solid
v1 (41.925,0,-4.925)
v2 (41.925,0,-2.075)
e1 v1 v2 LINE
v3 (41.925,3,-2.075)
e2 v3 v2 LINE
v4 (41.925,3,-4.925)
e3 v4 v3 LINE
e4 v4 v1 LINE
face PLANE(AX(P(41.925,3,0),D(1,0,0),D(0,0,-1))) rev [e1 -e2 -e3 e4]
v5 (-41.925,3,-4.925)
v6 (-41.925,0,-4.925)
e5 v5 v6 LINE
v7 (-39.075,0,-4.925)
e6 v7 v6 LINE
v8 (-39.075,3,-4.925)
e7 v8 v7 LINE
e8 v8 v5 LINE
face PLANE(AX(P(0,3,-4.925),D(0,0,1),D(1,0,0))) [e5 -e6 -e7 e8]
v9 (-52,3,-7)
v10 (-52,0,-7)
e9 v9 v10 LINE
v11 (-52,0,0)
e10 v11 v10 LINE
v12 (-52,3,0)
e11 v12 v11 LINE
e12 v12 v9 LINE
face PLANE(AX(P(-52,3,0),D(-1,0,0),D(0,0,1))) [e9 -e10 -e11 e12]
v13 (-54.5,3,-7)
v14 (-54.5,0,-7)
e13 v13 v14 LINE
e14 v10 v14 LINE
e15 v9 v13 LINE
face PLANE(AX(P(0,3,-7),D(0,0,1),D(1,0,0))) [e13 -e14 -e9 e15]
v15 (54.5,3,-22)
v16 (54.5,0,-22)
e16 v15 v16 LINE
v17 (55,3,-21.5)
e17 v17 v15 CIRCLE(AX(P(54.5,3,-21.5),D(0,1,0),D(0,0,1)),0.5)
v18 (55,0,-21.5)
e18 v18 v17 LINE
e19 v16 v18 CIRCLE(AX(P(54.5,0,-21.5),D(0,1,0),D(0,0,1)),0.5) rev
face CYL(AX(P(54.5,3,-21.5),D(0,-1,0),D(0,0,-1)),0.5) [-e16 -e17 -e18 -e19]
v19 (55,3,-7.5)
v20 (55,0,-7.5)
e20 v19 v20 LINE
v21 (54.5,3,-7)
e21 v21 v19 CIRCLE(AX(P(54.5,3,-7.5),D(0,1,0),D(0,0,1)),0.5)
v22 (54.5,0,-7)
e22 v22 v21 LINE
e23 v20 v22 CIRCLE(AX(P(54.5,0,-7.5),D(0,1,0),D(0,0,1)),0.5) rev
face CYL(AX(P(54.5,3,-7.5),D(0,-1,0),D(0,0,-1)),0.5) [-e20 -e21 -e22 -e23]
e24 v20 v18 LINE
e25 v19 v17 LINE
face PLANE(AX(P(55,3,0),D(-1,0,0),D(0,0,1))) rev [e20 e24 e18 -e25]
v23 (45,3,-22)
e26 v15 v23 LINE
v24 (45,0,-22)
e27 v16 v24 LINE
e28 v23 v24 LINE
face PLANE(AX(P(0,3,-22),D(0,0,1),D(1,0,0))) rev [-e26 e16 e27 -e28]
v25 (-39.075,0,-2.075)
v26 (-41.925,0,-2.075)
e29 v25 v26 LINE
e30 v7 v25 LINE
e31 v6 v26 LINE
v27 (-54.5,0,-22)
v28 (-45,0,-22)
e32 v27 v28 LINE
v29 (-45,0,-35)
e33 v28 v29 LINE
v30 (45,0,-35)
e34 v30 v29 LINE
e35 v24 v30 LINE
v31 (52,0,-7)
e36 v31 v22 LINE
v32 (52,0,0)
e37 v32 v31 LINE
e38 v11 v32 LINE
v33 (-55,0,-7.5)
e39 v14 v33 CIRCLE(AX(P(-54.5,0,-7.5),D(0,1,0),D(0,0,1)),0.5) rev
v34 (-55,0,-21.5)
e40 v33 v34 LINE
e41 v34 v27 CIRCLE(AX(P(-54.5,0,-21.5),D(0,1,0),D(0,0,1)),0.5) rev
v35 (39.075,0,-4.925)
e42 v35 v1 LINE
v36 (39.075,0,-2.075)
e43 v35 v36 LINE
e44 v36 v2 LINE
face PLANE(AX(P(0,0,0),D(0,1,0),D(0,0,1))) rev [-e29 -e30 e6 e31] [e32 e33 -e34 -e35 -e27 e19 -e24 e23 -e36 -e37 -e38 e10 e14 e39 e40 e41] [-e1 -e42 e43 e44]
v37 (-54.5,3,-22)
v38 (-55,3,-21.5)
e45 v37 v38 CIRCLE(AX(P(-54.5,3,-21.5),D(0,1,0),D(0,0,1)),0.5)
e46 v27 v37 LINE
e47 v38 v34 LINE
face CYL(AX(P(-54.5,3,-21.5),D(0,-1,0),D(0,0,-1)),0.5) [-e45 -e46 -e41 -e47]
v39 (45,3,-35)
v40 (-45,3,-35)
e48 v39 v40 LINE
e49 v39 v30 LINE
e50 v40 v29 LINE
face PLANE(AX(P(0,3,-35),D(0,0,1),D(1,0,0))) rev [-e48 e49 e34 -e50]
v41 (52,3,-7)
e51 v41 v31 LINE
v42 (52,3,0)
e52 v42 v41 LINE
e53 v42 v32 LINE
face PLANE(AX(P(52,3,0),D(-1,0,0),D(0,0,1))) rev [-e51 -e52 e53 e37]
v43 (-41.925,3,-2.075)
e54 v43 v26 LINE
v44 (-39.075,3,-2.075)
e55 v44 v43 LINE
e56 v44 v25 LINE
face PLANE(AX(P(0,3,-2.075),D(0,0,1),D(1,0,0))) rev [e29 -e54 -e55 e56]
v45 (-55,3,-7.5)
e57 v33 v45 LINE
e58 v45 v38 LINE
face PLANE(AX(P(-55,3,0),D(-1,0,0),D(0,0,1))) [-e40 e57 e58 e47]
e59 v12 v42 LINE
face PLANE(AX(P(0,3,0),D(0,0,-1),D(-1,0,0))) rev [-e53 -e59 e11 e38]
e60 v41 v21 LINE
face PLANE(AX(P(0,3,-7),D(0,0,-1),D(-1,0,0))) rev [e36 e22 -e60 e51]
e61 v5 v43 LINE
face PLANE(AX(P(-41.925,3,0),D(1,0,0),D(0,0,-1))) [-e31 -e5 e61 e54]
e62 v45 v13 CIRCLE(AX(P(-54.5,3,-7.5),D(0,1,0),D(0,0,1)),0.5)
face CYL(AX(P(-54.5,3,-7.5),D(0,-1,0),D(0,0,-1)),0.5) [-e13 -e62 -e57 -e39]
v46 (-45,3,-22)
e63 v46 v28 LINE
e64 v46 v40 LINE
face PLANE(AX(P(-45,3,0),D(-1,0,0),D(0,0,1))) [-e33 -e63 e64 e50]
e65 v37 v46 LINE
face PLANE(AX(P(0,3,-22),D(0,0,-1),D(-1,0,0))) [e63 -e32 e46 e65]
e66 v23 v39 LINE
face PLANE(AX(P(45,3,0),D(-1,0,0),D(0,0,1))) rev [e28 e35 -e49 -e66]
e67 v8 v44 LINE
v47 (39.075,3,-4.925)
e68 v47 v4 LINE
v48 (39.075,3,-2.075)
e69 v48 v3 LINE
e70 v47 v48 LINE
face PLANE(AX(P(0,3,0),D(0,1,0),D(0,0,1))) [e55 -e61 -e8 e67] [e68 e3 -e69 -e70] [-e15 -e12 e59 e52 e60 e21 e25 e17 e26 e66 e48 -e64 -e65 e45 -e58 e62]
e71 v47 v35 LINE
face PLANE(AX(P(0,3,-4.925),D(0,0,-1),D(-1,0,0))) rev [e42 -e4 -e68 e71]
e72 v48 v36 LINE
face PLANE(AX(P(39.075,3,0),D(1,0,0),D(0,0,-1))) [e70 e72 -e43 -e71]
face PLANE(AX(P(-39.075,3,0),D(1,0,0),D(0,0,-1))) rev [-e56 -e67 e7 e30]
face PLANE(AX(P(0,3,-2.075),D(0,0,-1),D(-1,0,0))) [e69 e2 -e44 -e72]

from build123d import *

# Parameters (mm, degrees)
SKETCH_1_W      = 2.85
SKETCH_1_H      = 2.85
EXTRUDE_1_DEPTH = 3
FILLET_1_R      = 0.5


with BuildPart() as part:
    # Эскиз1 → Бобышка-Вытянуть1 (new body)
    with BuildSketch(Plane(origin=(0, 0, 0), x_dir=(1, 0, 0), z_dir=(0, 1, 0))):
        Polygon((-52, 0), (52, 0), (52, 7), (55, 7), (55, 22), (45, 22), (45, 35), (-45, 35), (-45, 22), (-55, 22), (-55, 7), (-52, 7), align=None)
        with Locations((40.5, 3.5)):
            Rectangle(SKETCH_1_W, SKETCH_1_H, mode=Mode.SUBTRACT)
        with Locations((-40.5, 3.5)):
            Rectangle(SKETCH_1_W, SKETCH_1_H, mode=Mode.SUBTRACT)
    extrude(amount=EXTRUDE_1_DEPTH)

    # Скругление1
    fillet_1_edges = [part.edges().sort_by_distance(p)[0] for p in [
        (-55, 1.5, -7),
        (-55, 1.5, -22),
        (55, 1.5, -22),
        (55, 1.5, -7),
    ]]
    fillet(fillet_1_edges, radius=FILLET_1_R)


solid = part.part
